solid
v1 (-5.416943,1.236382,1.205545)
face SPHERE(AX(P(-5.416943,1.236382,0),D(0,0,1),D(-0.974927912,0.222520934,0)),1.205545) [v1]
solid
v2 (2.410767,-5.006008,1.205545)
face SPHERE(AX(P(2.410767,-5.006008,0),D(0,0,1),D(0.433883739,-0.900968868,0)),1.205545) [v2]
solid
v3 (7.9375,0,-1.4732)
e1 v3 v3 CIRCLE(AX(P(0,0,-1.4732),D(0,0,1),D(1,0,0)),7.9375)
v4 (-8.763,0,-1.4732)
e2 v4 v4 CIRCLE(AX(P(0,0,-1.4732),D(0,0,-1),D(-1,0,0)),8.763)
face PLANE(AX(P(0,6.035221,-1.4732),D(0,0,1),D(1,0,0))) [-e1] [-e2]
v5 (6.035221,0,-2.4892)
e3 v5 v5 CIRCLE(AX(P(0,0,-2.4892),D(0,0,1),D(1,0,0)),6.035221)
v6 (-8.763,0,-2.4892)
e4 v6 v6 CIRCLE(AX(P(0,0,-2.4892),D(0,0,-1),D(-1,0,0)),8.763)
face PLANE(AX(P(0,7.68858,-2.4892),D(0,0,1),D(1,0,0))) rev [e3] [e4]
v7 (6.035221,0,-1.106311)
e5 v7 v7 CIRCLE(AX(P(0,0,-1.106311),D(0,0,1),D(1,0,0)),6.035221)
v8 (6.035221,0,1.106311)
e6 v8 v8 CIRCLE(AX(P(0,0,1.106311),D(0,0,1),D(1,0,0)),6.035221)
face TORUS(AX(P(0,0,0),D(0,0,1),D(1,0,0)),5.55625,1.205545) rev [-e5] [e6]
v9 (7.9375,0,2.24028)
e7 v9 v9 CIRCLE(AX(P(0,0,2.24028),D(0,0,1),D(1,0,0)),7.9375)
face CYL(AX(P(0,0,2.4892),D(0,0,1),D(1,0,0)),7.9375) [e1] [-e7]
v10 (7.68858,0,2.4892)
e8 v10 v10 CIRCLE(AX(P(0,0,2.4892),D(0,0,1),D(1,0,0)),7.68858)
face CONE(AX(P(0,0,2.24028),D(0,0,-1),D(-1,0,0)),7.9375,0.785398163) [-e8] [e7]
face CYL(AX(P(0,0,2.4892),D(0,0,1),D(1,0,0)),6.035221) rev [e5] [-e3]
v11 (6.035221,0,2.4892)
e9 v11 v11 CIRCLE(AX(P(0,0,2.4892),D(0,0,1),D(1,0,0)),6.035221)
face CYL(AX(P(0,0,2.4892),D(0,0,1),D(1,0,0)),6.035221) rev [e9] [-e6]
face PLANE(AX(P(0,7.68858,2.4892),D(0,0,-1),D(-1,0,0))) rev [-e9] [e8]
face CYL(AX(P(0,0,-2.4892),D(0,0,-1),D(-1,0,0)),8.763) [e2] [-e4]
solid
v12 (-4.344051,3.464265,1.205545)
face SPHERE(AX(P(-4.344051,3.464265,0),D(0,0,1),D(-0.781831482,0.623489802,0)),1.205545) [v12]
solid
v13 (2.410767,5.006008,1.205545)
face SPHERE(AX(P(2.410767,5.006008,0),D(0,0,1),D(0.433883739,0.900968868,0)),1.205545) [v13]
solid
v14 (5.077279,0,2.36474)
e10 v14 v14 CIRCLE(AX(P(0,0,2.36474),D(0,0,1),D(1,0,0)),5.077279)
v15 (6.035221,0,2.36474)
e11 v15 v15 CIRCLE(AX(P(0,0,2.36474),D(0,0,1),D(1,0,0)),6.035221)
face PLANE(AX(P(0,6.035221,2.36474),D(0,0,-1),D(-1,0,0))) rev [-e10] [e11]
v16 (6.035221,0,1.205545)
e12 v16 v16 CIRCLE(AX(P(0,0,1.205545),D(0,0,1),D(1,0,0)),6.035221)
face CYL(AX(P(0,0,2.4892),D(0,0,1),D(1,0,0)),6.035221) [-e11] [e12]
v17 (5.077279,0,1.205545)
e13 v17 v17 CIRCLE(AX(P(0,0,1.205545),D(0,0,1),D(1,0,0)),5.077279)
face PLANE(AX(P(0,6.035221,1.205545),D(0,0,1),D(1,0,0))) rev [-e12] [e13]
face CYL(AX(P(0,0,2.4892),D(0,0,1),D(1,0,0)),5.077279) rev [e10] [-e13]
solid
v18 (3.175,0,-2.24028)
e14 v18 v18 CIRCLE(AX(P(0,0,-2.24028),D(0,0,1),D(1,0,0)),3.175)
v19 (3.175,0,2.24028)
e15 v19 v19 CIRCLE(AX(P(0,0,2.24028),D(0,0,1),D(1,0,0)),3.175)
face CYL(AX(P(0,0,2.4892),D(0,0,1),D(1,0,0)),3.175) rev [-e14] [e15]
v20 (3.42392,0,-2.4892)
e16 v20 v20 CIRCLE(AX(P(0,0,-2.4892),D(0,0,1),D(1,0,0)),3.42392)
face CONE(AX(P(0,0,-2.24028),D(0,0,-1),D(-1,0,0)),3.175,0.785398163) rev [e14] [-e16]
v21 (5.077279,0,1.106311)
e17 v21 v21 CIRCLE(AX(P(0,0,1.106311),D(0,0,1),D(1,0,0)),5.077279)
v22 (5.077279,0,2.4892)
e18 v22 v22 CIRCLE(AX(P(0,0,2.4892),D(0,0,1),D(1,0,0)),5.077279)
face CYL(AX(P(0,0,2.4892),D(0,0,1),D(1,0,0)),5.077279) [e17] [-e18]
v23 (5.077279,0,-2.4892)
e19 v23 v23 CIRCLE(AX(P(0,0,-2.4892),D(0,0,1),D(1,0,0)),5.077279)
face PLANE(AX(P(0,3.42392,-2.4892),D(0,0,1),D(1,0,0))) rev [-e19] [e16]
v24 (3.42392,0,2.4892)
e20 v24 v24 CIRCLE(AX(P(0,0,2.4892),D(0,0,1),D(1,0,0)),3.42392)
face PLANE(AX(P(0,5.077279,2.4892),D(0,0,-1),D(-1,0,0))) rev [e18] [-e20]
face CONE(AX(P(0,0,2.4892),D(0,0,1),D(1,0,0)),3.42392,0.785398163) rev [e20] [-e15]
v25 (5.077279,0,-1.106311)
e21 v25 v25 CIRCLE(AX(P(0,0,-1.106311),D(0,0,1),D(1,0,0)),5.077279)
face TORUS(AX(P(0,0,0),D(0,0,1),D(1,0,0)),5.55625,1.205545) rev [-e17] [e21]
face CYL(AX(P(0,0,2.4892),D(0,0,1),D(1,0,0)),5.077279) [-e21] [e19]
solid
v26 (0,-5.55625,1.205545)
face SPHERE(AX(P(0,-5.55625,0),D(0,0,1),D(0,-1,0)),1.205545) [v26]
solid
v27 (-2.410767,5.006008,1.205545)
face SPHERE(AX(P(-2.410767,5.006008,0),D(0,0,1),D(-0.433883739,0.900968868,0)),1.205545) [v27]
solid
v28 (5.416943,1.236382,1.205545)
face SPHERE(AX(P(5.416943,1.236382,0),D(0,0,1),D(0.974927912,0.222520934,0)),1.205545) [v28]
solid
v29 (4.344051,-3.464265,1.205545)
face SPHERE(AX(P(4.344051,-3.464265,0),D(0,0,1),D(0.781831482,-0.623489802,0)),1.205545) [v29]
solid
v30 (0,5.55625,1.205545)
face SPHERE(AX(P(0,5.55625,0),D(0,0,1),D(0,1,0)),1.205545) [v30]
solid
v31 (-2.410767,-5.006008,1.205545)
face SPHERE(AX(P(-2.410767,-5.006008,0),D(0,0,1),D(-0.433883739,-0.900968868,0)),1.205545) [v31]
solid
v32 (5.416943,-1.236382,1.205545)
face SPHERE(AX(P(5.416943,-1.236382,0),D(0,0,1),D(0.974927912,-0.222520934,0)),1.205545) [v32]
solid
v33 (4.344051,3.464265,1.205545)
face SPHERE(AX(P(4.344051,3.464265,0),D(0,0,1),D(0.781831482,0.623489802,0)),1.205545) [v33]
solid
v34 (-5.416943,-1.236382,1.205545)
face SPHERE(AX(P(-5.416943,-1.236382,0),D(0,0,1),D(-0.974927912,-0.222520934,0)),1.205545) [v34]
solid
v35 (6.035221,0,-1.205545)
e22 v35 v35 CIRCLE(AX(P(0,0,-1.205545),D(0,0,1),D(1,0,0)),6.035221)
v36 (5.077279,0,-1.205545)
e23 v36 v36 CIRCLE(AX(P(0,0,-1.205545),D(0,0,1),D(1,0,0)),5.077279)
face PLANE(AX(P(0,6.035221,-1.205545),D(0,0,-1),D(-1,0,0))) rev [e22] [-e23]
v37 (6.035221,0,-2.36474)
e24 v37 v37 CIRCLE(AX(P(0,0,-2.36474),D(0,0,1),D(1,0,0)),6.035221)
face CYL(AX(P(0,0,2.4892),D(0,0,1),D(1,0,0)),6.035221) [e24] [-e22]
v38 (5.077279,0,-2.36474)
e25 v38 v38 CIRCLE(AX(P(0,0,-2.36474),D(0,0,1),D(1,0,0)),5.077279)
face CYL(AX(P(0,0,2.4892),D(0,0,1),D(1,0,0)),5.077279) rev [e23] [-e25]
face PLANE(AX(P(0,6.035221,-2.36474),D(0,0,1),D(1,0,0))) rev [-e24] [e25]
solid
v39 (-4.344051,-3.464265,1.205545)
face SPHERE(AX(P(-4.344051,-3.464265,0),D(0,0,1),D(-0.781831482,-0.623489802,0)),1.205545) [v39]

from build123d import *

# Parameters (mm, degrees)
CIRPATTERN1_COUNT = 14
SKETCH5_W         = 1.15919535
SKETCH5_H         = 0.957942858
SKETCH6_W         = 1.016
SKETCH6_H         = 2.727778571


with BuildPart() as part:
    # Sketch1 → Revolve1 (revolve)
    with BuildSketch(Plane(origin=(0, 0, 0), x_dir=(0, 0, -1), z_dir=(1, 0, 0)), mode=Mode.PRIVATE) as revolve1_sk:
        with BuildLine():
            Line((2.24028, 7.9375), (-2.24028, 7.9375))
            Line((-2.24028, 7.9375), (-2.4892, 7.68858))
            Line((-2.4892, 7.68858), (-2.4892, 6.035221429))
            Line((-2.4892, 6.035221429), (-1.106311111, 6.035221429))
            ThreePointArc((-1.106311111, 6.035221429), (0, 6.76179465), (1.106311111, 6.035221429))
            Line((1.106311111, 6.035221429), (2.4892, 6.035221429))
            Line((2.4892, 6.035221429), (2.4892, 7.68858))
            Line((2.4892, 7.68858), (2.24028, 7.9375))
        make_face()
    revolve(revolve1_sk.sketch.rotate(Axis((0, 0, 2.4892), (0, 0, -1)), 90), axis=Axis((0, 0, 2.4892), (0, 0, -1)))  # turned: the seam where the file's is

    # Sketch6 → Revolve6 (revolve)
    with BuildSketch(Plane(origin=(0, 0, 0), x_dir=(0, 0, -1), z_dir=(1, 0, 0)), mode=Mode.PRIVATE) as revolve6_sk:
        with Locations((1.9812, 7.399110715)):
            Rectangle(SKETCH6_W, SKETCH6_H)
    revolve(revolve6_sk.sketch.rotate(Axis((0, 0, -2.4892), (0, 0, 1)), 270), axis=Axis((0, 0, -2.4892), (0, 0, 1)))  # turned: the seam where the file's is


with BuildPart() as body_2:
    # Sketch3 → Revolve3 (revolve)
    with BuildSketch(Plane(origin=(0, 0, 0), x_dir=(0, 0, -1), z_dir=(1, 0, 0)), mode=Mode.PRIVATE) as revolve3_sk:
        with BuildLine():
            Line((-2.4892, 5.077278571), (-1.106311111, 5.077278571))
            ThreePointArc((-1.106311111, 5.077278571), (0, 4.35070535), (1.106311111, 5.077278571))
            Line((1.106311111, 5.077278571), (2.4892, 5.077278571))
            Line((2.4892, 5.077278571), (2.4892, 3.42392))
            Line((2.4892, 3.42392), (2.24028, 3.175))
            Line((2.24028, 3.175), (-2.24028, 3.175))
            Line((-2.24028, 3.175), (-2.4892, 3.42392))
            Line((-2.4892, 3.42392), (-2.4892, 5.077278571))
        make_face()
    revolve(revolve3_sk.sketch.rotate(Axis((0, 0, 2.4892), (0, 0, -1)), 90), axis=Axis((0, 0, 2.4892), (0, 0, -1)))  # turned: the seam where the file's is


with BuildPart() as body_3:
    # Sketch4 → Revolve4 (revolve)
    with BuildSketch(Plane(origin=(0, 0, 0), x_dir=(0, 0, -1), z_dir=(1, 0, 0))):
        with BuildLine():
            Line((-1.20554465, 5.55625), (1.20554465, 5.55625))
            ThreePointArc((1.20554465, 5.55625), (0, 6.76179465), (-1.20554465, 5.55625))
        make_face()
    revolve(axis=Axis((0, 5.55625, 1.20554465), (0, 0, -1)))


with BuildPart() as cirpattern1_1:
    # CirPattern1: pattern copy
    add(body_3.part.rotate(Axis((0, 0, 0), (0, 0, 1)), 1 * 360 / CIRPATTERN1_COUNT))


with BuildPart() as cirpattern1_2:
    # CirPattern1: pattern copy
    add(body_3.part.rotate(Axis((0, 0, 0), (0, 0, 1)), 2 * 360 / CIRPATTERN1_COUNT))


with BuildPart() as cirpattern1_3:
    # CirPattern1: pattern copy
    add(body_3.part.rotate(Axis((0, 0, 0), (0, 0, 1)), 3 * 360 / CIRPATTERN1_COUNT))


with BuildPart() as cirpattern1_4:
    # CirPattern1: pattern copy
    add(body_3.part.rotate(Axis((0, 0, 0), (0, 0, 1)), 4 * 360 / CIRPATTERN1_COUNT))


with BuildPart() as cirpattern1_5:
    # CirPattern1: pattern copy
    add(body_3.part.rotate(Axis((0, 0, 0), (0, 0, 1)), 5 * 360 / CIRPATTERN1_COUNT))


with BuildPart() as cirpattern1_6:
    # CirPattern1: pattern copy
    add(body_3.part.rotate(Axis((0, 0, 0), (0, 0, 1)), 6 * 360 / CIRPATTERN1_COUNT))


with BuildPart() as cirpattern1_7:
    # CirPattern1: pattern copy
    add(body_3.part.rotate(Axis((0, 0, 0), (0, 0, 1)), 7 * 360 / CIRPATTERN1_COUNT))


with BuildPart() as cirpattern1_8:
    # CirPattern1: pattern copy
    add(body_3.part.rotate(Axis((0, 0, 0), (0, 0, 1)), 8 * 360 / CIRPATTERN1_COUNT))


with BuildPart() as cirpattern1_9:
    # CirPattern1: pattern copy
    add(body_3.part.rotate(Axis((0, 0, 0), (0, 0, 1)), 9 * 360 / CIRPATTERN1_COUNT))


with BuildPart() as cirpattern1_10:
    # CirPattern1: pattern copy
    add(body_3.part.rotate(Axis((0, 0, 0), (0, 0, 1)), 10 * 360 / CIRPATTERN1_COUNT))


with BuildPart() as cirpattern1_11:
    # CirPattern1: pattern copy
    add(body_3.part.rotate(Axis((0, 0, 0), (0, 0, 1)), 11 * 360 / CIRPATTERN1_COUNT))


with BuildPart() as cirpattern1_12:
    # CirPattern1: pattern copy
    add(body_3.part.rotate(Axis((0, 0, 0), (0, 0, 1)), 12 * 360 / CIRPATTERN1_COUNT))


with BuildPart() as cirpattern1_13:
    # CirPattern1: pattern copy
    add(body_3.part.rotate(Axis((0, 0, 0), (0, 0, 1)), 13 * 360 / CIRPATTERN1_COUNT))


with BuildPart() as body_17:
    # Sketch5 → Revolve5 (revolve)
    with BuildSketch(Plane(origin=(0, 0, 0), x_dir=(0, 0, -1), z_dir=(1, 0, 0)), mode=Mode.PRIVATE) as revolve5_sk:
        with Locations((-1.785142325, 5.55625)):
            Rectangle(SKETCH5_W, SKETCH5_H)
        with Locations((1.785142325, 5.55625)):
            Rectangle(SKETCH5_W, SKETCH5_H)
    revolve(revolve5_sk.sketch.rotate(Axis((0, 0, 2.4892), (0, 0, -1)), 90), axis=Axis((0, 0, 2.4892), (0, 0, -1)))  # turned: the seam where the file's is


solid = Compound([part.part, body_2.part, body_3.part, cirpattern1_1.part, cirpattern1_2.part, cirpattern1_3.part, cirpattern1_4.part, cirpattern1_5.part, cirpattern1_6.part, cirpattern1_7.part, cirpattern1_8.part, cirpattern1_9.part, cirpattern1_10.part, cirpattern1_11.part, cirpattern1_12.part, cirpattern1_13.part, body_17.part])
